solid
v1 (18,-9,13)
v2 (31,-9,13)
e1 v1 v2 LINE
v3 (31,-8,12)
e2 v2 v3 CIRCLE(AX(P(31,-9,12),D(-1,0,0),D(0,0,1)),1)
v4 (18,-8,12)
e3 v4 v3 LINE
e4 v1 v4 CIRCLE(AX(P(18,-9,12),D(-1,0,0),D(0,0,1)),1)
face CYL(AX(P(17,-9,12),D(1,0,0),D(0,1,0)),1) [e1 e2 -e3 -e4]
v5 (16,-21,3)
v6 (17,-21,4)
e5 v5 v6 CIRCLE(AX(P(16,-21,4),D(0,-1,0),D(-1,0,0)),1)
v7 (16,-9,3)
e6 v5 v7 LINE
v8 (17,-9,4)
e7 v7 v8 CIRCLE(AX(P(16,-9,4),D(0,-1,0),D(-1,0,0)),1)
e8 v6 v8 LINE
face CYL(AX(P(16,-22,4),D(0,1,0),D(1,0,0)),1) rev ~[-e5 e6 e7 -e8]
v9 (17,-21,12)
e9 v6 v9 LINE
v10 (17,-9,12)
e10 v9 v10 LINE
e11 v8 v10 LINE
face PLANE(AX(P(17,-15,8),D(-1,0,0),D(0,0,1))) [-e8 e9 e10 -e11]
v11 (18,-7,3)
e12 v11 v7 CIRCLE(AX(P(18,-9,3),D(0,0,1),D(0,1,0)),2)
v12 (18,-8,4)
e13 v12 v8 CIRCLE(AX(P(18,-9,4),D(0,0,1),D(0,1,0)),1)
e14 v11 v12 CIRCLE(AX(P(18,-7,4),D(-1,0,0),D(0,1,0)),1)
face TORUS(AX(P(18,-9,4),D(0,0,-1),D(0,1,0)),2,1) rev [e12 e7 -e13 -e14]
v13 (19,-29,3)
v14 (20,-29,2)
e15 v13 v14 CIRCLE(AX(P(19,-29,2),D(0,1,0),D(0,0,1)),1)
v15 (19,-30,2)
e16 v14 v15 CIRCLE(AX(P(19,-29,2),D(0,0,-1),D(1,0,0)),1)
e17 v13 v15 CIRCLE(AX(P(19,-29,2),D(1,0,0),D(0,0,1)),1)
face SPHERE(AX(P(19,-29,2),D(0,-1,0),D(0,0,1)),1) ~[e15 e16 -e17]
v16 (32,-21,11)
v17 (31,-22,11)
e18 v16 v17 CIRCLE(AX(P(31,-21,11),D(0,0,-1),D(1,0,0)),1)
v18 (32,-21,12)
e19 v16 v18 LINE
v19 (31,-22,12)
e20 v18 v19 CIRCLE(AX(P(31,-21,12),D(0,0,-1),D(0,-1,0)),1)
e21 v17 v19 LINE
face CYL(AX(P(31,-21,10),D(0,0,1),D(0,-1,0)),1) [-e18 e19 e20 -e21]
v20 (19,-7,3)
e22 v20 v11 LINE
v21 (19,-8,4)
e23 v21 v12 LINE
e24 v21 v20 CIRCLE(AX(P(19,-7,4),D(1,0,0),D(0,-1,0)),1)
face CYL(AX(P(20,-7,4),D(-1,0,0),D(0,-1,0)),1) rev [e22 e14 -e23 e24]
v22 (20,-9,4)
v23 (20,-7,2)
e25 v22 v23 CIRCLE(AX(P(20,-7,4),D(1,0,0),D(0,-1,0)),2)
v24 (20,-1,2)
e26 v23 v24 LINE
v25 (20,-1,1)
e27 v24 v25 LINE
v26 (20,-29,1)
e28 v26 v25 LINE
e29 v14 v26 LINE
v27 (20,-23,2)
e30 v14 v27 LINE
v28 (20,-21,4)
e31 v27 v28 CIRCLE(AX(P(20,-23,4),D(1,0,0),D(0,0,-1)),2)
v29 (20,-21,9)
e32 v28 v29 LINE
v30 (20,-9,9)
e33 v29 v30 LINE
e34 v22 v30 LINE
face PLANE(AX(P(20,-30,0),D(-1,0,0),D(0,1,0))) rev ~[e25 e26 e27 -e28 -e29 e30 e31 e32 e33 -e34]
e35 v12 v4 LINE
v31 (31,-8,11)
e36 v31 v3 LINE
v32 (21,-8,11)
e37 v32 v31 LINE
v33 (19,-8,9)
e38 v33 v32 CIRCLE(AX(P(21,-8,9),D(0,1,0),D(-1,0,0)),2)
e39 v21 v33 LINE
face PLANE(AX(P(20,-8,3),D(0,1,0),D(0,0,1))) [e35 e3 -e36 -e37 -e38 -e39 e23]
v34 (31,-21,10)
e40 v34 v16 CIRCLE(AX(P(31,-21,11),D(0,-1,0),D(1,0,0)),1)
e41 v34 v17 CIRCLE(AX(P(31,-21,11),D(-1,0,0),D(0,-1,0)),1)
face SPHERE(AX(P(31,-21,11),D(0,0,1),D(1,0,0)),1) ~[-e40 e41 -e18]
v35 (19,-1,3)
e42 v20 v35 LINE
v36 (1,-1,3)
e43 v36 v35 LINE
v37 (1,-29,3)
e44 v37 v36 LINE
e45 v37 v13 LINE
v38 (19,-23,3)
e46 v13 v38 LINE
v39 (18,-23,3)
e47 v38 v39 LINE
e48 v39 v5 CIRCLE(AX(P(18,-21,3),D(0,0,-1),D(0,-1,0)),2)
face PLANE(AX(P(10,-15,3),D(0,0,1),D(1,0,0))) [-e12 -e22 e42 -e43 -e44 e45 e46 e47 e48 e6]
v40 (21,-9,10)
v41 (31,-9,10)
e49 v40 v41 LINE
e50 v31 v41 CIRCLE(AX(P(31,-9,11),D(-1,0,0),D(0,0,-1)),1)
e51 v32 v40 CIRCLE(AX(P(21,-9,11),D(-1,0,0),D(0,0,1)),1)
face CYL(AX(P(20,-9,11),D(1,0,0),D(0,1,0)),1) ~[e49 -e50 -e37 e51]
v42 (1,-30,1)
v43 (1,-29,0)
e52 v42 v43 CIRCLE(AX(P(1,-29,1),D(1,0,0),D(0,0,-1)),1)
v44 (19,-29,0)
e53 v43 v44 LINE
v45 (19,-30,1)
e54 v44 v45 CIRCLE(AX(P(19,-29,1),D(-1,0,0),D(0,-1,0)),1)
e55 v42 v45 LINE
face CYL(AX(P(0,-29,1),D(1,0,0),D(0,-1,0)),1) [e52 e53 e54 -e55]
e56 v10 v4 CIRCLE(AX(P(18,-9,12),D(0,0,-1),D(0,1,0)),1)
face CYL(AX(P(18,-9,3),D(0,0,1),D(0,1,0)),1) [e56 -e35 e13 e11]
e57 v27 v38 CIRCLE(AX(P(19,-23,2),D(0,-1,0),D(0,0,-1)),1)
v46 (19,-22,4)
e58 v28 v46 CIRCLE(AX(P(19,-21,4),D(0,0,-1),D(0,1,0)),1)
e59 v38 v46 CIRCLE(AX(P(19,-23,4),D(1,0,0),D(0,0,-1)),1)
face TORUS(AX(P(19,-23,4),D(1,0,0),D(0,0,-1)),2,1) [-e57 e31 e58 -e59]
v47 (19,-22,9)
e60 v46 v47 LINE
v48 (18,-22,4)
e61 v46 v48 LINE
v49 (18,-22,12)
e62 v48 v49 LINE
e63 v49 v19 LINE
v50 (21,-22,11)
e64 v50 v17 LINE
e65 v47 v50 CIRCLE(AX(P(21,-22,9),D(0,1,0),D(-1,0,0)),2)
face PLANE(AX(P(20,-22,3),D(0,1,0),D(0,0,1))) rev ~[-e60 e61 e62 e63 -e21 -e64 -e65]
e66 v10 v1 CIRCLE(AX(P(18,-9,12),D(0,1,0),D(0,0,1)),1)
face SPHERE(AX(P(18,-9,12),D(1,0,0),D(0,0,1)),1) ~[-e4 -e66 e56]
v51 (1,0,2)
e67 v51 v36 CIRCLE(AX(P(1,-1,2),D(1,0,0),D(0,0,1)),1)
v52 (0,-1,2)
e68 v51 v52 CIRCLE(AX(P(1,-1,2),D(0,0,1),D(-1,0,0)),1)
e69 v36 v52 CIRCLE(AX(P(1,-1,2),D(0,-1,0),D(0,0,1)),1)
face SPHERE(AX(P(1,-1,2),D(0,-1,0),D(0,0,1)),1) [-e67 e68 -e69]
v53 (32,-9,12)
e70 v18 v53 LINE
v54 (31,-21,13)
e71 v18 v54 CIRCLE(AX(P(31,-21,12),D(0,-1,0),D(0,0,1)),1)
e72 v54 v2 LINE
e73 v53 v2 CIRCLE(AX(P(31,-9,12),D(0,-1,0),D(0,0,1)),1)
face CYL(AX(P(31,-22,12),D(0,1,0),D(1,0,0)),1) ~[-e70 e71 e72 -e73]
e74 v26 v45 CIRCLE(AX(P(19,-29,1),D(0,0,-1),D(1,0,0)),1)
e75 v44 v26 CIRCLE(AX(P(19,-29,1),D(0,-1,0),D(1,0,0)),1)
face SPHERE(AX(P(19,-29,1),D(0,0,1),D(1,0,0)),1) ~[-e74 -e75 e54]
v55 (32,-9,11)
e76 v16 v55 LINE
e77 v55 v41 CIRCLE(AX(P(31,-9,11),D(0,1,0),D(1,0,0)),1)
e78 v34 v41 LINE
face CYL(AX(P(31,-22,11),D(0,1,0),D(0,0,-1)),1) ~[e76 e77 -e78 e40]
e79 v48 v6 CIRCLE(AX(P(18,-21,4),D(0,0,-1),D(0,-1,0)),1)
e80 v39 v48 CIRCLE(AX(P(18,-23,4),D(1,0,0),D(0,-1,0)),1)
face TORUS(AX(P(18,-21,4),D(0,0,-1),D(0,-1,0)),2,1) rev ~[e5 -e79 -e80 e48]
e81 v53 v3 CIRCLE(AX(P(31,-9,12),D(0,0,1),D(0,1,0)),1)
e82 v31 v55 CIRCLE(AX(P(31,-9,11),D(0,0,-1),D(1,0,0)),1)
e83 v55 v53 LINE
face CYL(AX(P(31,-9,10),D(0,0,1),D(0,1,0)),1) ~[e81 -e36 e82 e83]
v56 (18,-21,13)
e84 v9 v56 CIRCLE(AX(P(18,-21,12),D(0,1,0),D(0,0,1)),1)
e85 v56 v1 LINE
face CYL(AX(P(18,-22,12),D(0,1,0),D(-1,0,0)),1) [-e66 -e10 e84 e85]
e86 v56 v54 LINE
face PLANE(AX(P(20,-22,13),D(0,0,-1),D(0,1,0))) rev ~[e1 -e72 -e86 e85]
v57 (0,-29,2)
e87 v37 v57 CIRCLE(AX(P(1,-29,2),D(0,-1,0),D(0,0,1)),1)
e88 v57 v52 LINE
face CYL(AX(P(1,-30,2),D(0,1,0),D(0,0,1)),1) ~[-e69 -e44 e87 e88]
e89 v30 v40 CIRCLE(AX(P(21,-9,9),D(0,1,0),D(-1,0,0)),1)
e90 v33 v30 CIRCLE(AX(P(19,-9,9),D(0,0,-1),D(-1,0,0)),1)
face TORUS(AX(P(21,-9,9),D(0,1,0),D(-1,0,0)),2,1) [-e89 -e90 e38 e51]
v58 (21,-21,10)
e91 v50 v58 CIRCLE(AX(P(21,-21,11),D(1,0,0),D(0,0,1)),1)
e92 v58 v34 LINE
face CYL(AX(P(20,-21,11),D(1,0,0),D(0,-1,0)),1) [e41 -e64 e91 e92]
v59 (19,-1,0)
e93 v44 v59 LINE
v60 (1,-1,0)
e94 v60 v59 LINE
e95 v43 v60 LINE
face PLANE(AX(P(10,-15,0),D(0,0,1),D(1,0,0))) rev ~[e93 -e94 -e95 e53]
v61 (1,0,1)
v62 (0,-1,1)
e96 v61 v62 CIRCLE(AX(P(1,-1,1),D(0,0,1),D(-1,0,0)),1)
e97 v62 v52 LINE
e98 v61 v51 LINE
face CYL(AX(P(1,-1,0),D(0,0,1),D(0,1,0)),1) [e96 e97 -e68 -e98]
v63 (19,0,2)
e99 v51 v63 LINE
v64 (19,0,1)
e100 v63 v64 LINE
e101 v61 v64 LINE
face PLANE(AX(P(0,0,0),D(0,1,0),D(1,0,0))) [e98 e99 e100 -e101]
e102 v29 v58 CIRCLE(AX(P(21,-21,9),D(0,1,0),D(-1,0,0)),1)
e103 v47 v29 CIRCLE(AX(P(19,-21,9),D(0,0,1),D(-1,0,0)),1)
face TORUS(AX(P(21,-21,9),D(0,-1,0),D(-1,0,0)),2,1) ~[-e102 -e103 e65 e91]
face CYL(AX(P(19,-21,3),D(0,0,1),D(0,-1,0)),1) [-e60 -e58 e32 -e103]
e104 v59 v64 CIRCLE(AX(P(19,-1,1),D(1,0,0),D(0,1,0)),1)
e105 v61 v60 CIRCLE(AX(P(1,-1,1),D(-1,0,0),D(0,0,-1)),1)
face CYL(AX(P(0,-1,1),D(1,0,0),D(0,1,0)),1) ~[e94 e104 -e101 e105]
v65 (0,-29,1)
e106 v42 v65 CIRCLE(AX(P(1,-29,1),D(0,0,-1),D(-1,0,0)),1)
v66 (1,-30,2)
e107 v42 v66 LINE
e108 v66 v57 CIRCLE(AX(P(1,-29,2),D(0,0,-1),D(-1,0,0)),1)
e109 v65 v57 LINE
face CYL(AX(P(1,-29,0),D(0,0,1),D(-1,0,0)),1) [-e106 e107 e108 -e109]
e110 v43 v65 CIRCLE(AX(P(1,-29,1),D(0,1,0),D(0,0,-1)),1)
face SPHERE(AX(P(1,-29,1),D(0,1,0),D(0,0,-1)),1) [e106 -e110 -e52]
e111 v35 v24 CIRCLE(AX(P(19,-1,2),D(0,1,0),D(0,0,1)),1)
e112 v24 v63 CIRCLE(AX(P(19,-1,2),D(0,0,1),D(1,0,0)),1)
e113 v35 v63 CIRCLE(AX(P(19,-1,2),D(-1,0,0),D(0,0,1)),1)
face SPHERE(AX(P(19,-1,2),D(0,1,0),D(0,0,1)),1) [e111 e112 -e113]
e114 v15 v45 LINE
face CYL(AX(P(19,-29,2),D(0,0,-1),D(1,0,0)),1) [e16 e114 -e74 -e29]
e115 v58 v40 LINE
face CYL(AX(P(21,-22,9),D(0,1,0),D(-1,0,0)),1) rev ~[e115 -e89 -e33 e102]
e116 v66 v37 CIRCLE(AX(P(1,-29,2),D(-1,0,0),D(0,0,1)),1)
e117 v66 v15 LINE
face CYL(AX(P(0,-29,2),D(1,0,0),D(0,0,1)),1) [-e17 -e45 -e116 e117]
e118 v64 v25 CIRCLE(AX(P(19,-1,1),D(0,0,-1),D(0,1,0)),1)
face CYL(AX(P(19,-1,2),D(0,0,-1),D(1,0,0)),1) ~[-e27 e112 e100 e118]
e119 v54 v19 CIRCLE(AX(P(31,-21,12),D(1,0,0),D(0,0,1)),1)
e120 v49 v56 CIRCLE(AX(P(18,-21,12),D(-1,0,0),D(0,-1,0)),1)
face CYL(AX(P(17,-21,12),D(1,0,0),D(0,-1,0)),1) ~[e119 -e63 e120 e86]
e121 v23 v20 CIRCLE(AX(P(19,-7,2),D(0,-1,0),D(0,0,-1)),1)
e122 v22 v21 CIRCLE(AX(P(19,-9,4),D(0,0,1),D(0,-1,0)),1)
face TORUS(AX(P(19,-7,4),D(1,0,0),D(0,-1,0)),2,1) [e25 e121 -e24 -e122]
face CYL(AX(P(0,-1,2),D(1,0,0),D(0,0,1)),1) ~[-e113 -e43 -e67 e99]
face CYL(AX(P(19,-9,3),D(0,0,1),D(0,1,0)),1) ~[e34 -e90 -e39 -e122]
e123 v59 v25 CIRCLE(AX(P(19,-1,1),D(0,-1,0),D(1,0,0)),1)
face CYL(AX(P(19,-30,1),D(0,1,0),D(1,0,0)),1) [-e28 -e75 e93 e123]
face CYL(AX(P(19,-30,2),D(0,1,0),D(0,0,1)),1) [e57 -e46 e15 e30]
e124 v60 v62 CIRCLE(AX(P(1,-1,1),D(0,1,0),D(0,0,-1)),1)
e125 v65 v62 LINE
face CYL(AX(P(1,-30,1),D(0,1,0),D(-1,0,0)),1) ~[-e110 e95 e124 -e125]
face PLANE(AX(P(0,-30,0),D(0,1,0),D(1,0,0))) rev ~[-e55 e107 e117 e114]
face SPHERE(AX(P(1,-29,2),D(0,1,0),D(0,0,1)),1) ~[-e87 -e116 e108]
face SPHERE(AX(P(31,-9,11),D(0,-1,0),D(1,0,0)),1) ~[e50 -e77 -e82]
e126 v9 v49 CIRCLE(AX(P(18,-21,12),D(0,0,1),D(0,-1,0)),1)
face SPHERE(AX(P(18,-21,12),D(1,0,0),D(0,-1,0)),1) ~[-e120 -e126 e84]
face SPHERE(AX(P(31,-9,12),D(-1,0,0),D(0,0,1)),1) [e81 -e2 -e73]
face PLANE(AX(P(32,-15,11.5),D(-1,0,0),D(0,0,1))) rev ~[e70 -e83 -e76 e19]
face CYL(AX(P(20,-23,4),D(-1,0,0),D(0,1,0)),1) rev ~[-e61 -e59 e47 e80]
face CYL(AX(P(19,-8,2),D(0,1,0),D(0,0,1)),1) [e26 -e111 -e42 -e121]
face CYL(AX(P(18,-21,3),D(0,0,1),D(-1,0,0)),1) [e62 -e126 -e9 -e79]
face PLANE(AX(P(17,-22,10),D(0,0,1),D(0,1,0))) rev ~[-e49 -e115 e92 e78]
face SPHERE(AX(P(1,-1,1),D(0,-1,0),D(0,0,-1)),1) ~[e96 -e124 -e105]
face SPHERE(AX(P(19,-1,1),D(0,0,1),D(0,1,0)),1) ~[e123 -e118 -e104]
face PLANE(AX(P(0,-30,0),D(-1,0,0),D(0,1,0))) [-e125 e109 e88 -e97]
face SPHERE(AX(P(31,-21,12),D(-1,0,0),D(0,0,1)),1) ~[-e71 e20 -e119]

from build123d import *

# Parameters (mm, degrees)
SKETCH1_W           = 20
SKETCH1_H           = 30
BOSS_EXTRUDE1_DEPTH = 3
SKETCH3_W           = 10
SKETCH3_H           = 14
BOSS_EXTRUDE2_DEPTH = 3
SKETCH4_W           = 3
SKETCH4_H           = 14
BOSS_EXTRUDE3_DEPTH = 15
FILLET1_R           = 1
FILLET2_R           = 1


with BuildPart() as part:
    # Sketch1 → Boss-Extrude1 (new body)
    with BuildSketch(Plane.XY):
        with Locations((10, -15)):
            Rectangle(SKETCH1_W, SKETCH1_H)
    extrude(amount=BOSS_EXTRUDE1_DEPTH)

    # Sketch3 → Boss-Extrude2 (add)
    with BuildSketch(Plane.ZY.offset(-20)):
        with Locations((8, -15)):
            Rectangle(SKETCH3_W, SKETCH3_H)
    extrude(amount=BOSS_EXTRUDE2_DEPTH)

    # Sketch4 → Boss-Extrude3 (add)
    with BuildSketch(Plane.ZY.offset(-17)):
        with Locations((11.5, -15)):
            Rectangle(SKETCH4_W, SKETCH4_H)
    extrude(amount=-BOSS_EXTRUDE3_DEPTH)

    # Fillet1
    fillet1_edges = [part.edges().sort_by_distance(p)[0] for p in [
        (20, -4, 3),
        (18.5, -8, 3),
        (20, -22, 6.5),
        (18.5, -22, 3),
        (24.5, -22, 13),
        (24.5, -8, 13),
        (17, -15, 3),
        (17, -22, 8),
        (17, -15, 13),
        (17, -8, 8),
        (20, -8, 6.5),
        (32, -15, 13),
        (32, -22, 11.5),
        (32, -15, 10),
        (26, -22, 10),
        (32, -8, 11.5),
        (26, -8, 10),
        (20, -15, 10),
        (20, -26, 3),
    ]]
    fillet(fillet1_edges, radius=FILLET1_R)

    # Fillet2
    fillet2_edges = [part.edges().sort_by_distance(p)[0] for p in [
        (0, -15, 3),
        (9.5, 0, 3),
        (9.5, -30, 3),
        (0, -15, 0),
        (20, -30, 1),
        (20, 0, 1),
        (10, 0, 0),
        (19.707106781, -30, 2.707106781),
        (19.707106781, 0, 2.707106781),
        (20, -15, 0),
        (10, -30, 0),
        (0, -30, 1.5),
        (0, 0, 1.5),
    ]]
    fillet(fillet2_edges, radius=FILLET2_R)


solid = part.part
